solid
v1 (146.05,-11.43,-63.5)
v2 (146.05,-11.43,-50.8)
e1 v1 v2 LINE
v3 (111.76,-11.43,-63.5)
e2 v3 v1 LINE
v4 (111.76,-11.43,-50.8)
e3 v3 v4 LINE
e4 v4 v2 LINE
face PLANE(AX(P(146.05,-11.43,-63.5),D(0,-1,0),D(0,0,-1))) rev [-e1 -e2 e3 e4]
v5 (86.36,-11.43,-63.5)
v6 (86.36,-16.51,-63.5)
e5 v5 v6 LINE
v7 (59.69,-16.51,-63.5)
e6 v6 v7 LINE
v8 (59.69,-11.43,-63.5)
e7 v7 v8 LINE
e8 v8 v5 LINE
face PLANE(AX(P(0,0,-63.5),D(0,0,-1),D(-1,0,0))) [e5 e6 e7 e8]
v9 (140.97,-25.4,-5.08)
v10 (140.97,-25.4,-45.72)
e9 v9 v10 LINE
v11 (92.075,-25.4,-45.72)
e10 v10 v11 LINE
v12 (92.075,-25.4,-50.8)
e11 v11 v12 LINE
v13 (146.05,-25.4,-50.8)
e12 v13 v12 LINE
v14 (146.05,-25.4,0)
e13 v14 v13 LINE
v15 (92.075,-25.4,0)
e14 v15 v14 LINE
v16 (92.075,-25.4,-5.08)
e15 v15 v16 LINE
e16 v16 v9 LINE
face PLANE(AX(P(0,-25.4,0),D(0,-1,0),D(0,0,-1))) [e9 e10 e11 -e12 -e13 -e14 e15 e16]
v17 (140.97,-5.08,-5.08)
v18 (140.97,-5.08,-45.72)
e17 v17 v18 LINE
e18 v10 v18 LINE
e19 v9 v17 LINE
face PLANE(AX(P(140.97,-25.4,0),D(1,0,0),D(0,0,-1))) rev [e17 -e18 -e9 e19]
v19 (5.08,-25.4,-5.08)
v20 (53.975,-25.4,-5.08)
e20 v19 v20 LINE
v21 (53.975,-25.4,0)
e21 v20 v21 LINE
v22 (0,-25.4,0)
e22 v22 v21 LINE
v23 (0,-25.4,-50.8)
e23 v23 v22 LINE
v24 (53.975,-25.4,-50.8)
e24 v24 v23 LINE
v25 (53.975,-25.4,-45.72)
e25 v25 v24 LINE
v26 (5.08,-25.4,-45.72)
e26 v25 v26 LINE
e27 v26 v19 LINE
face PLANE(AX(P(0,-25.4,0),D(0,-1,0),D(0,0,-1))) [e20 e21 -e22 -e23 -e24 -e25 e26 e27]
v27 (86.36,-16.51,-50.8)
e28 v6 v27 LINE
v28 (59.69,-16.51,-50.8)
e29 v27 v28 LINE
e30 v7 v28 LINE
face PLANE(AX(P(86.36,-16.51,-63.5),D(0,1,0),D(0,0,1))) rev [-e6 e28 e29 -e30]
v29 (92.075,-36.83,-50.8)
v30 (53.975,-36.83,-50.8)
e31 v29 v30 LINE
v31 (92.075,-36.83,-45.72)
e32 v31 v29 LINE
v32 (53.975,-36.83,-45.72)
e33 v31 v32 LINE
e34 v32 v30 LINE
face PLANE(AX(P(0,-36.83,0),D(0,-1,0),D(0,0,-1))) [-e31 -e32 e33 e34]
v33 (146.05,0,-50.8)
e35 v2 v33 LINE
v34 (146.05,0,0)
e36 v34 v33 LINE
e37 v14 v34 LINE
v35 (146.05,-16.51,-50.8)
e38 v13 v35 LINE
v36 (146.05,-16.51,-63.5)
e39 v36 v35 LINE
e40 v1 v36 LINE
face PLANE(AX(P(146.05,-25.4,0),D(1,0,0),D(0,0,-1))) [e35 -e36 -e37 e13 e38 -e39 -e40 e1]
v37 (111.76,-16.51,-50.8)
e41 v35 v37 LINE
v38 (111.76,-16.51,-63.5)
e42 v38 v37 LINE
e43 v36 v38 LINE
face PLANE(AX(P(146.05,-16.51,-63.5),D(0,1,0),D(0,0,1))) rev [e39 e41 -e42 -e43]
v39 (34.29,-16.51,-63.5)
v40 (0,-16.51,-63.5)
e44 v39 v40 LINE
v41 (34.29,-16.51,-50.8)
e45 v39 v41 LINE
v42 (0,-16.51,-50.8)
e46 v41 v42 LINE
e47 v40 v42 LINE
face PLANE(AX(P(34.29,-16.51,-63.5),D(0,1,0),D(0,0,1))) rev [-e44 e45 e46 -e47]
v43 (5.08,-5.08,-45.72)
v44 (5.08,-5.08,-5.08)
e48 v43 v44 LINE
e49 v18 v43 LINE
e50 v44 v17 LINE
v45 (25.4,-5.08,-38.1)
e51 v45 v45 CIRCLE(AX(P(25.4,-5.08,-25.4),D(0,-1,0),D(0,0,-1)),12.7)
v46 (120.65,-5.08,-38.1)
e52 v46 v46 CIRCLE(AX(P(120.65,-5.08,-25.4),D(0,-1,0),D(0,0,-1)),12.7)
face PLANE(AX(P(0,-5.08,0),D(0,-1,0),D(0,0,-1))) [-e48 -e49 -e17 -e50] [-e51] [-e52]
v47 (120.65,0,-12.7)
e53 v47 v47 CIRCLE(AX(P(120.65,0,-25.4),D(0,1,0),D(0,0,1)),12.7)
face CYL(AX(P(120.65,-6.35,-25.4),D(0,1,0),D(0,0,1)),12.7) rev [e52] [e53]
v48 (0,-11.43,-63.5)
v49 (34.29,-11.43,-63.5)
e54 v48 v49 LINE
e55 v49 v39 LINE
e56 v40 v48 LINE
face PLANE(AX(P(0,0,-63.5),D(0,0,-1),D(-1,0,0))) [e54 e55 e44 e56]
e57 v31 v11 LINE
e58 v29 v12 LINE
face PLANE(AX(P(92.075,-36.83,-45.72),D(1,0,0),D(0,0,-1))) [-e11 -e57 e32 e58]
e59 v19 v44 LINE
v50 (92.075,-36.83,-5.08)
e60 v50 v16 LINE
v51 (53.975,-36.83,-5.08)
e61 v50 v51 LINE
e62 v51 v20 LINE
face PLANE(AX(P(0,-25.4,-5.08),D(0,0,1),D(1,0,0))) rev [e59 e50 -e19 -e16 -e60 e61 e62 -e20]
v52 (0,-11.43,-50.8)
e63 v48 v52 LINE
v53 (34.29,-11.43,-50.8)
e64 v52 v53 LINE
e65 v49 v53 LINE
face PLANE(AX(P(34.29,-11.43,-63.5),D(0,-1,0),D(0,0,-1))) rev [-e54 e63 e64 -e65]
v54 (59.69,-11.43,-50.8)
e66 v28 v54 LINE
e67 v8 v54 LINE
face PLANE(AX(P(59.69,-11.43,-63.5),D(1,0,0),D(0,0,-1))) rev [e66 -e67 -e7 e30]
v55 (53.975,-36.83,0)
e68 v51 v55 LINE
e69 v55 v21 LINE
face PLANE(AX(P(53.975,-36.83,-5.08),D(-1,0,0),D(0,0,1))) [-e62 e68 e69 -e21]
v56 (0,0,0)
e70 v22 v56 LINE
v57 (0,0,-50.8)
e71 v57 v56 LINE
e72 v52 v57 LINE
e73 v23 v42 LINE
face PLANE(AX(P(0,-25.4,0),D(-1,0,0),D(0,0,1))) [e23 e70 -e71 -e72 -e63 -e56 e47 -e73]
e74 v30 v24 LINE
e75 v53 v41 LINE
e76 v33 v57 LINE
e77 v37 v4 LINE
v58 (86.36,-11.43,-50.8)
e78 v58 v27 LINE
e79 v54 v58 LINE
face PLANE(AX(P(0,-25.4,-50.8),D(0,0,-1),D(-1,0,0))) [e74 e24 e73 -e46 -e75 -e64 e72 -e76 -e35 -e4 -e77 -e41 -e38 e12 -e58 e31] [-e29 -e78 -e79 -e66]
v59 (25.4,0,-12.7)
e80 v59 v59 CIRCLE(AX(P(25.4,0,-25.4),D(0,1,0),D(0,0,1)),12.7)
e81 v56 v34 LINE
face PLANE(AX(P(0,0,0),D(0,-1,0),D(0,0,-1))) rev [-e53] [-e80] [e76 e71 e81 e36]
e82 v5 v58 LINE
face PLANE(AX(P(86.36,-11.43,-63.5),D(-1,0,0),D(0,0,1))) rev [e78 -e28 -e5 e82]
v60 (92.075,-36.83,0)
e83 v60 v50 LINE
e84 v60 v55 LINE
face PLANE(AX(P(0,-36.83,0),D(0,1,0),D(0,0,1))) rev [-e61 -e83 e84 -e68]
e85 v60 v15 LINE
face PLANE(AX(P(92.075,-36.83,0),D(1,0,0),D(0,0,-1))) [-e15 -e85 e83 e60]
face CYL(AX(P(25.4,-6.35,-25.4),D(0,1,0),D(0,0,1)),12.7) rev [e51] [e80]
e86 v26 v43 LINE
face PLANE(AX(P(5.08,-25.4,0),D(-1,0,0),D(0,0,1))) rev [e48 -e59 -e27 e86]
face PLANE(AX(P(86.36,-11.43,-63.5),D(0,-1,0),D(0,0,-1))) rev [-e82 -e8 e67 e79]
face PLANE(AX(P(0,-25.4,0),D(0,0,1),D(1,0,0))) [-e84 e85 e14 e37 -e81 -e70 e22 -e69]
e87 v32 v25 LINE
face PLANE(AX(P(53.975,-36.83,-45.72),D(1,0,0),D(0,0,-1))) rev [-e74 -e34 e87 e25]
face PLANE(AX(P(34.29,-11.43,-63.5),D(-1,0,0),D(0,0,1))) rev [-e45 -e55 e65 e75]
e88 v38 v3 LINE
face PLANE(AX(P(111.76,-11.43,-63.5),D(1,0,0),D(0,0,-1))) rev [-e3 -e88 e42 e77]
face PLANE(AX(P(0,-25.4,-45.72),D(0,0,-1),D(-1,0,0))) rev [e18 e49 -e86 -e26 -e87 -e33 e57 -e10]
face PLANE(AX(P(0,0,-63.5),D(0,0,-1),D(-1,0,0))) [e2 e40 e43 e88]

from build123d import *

# Parameters (mm, degrees)
SKETCH3_W           = 146.05
SKETCH3_H           = 50.8
BOSS_EXTRUDE1_DEPTH = 25.4
SHELL1_T            = -5.08
SKETCH4_R           = 12.7
CUT_EXTRUDE1_DEPTH  = 6.35
SKETCH5_W           = 19.05
SKETCH5_H           = 5.08
BOSS_EXTRUDE2_DEPTH = 11.43
SKETCH6_W           = 34.29
SKETCH6_H           = 5.08
SKETCH6_W_2         = 26.67
BOSS_EXTRUDE3_DEPTH = 12.7


with BuildPart() as part:
    # Sketch3 → Boss-Extrude1 (new body)
    with BuildSketch(Plane(origin=(0, 0, 0), x_dir=(1, 0, 0), z_dir=(0, 1, 0))):
        with Locations((73.025, 25.4)):
            Rectangle(SKETCH3_W, SKETCH3_H)
    extrude(amount=-BOSS_EXTRUDE1_DEPTH)

    # Shell1
    shell1_openings = [part.faces().sort_by_distance(p)[0] for p in [
        (73.025, -25.4, -25.4),
    ]]
    offset(amount=SHELL1_T, openings=shell1_openings, kind=Kind.INTERSECTION)

    # Sketch4 → Cut-Extrude1 (cut)
    with BuildSketch(Plane(origin=(0, 0, 0), x_dir=(1, 0, 0), z_dir=(0, 1, 0))):
        with Locations(Location((25.4, 25.4, 0), (0, 0, 270))):  # turned: the seam where the file's is
            Circle(SKETCH4_R)
        with Locations(Location((120.65, 25.4, 0), (0, 0, 270))):  # turned: the seam where the file's is
            Circle(SKETCH4_R)
    extrude(amount=-CUT_EXTRUDE1_DEPTH, mode=Mode.SUBTRACT)

    # Sketch5 → Boss-Extrude2 (add)
    with BuildSketch(Plane.XZ.offset(25.4)):
        with Locations((82.55, -2.54)):
            Rectangle(SKETCH5_W, SKETCH5_H)
        with Locations((63.5, -2.54)):
            Rectangle(SKETCH5_W, SKETCH5_H)
        with Locations((82.55, -48.26)):
            Rectangle(SKETCH5_W, SKETCH5_H)
        with Locations((63.5, -48.26)):
            Rectangle(SKETCH5_W, SKETCH5_H)
    extrude(amount=BOSS_EXTRUDE2_DEPTH)

    # Sketch6 → Boss-Extrude3 (add)
    with BuildSketch(Plane(origin=(0, 0, -50.8), x_dir=(-1, 0, 0), z_dir=(0, 0, -1))):
        with Locations((-128.905, -13.97)):
            Rectangle(SKETCH6_W, SKETCH6_H)
        with Locations((-73.025, -13.97)):
            Rectangle(SKETCH6_W_2, SKETCH6_H)
        with Locations((-17.145, -13.97)):
            Rectangle(SKETCH6_W, SKETCH6_H)
    extrude(amount=BOSS_EXTRUDE3_DEPTH)


solid = part.part
